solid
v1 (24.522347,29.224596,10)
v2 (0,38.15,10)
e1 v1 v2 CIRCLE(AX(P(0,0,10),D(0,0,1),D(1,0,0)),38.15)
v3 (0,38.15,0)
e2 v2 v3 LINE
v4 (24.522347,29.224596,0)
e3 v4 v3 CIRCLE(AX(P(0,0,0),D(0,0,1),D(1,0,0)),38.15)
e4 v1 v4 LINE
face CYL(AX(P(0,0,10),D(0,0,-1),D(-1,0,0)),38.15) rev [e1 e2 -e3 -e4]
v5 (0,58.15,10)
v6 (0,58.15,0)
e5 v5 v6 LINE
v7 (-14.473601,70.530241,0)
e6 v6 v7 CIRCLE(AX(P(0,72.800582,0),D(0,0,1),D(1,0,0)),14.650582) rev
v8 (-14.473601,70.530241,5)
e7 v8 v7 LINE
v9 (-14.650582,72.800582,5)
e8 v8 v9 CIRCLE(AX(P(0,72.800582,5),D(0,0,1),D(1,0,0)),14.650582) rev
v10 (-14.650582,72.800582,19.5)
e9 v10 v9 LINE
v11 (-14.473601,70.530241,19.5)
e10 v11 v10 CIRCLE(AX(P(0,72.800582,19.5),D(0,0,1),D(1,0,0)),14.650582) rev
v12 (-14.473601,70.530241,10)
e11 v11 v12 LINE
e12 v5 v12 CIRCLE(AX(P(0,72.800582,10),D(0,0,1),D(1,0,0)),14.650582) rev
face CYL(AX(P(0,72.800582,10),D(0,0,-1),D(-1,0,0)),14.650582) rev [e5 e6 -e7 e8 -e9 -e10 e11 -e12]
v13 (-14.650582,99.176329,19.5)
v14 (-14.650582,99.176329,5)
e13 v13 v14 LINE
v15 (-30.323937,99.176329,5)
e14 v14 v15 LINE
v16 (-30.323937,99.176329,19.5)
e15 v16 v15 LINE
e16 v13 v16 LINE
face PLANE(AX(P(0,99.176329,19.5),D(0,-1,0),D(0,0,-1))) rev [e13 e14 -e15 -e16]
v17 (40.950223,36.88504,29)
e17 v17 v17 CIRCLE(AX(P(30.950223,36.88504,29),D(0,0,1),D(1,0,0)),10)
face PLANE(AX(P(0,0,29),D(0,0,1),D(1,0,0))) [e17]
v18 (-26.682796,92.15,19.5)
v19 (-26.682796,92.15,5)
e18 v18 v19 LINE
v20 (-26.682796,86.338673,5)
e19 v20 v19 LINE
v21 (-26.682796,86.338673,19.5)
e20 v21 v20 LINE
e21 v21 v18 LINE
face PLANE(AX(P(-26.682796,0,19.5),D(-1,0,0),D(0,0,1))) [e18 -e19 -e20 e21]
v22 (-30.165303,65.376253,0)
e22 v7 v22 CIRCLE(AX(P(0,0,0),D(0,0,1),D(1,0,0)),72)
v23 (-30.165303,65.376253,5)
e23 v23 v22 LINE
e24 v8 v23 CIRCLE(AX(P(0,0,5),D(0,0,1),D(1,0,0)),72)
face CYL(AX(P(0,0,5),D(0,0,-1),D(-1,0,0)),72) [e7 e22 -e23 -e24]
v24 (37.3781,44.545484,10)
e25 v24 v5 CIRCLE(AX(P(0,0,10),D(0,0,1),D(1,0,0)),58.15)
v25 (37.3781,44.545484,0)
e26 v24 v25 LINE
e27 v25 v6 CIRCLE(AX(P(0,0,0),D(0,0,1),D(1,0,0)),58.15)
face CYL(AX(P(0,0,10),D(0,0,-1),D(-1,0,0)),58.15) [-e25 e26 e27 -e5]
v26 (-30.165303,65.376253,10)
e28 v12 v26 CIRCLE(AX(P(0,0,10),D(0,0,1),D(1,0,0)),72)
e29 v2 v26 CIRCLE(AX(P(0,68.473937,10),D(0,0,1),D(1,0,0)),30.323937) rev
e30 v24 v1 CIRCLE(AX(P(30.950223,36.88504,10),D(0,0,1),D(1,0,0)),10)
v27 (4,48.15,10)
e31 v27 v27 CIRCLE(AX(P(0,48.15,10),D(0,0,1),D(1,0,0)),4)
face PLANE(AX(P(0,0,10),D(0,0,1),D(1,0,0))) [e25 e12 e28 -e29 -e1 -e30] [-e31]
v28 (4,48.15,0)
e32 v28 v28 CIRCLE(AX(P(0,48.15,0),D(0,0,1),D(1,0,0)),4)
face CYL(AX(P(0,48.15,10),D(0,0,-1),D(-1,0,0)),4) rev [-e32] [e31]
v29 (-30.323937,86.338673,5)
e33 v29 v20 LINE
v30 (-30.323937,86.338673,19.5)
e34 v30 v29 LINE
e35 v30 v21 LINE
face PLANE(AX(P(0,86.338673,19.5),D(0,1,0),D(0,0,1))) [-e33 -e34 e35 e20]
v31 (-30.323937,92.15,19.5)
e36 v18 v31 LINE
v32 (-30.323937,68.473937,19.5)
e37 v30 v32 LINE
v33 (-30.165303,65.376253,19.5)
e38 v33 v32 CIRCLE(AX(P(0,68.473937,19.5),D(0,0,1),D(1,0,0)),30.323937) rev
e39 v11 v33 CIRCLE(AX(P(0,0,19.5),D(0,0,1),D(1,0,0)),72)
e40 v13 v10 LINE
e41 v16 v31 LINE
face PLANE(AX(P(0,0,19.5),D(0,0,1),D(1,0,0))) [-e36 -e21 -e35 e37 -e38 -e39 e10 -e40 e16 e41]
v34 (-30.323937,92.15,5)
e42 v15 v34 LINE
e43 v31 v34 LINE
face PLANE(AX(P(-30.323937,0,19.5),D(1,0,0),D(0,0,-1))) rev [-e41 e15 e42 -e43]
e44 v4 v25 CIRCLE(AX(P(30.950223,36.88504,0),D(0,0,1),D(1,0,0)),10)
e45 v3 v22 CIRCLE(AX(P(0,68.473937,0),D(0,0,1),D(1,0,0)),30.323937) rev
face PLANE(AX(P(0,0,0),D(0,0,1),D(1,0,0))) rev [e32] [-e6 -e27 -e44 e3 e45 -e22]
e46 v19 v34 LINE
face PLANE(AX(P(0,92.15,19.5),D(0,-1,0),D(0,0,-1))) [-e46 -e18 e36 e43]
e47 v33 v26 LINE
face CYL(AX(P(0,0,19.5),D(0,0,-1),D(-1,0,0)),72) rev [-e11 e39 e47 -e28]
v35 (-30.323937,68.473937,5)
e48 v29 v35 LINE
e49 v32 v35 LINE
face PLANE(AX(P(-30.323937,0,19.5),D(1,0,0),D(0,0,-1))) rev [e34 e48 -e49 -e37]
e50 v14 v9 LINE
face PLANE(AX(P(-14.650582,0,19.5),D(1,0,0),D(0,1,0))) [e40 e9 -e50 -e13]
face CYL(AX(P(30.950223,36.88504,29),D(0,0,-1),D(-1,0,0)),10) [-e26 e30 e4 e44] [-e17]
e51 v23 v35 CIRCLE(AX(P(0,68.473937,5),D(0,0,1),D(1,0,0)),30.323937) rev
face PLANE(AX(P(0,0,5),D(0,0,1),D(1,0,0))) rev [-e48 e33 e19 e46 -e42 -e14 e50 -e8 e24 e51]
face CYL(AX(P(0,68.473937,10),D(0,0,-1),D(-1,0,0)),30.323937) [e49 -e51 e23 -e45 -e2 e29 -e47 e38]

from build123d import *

# Parameters (mm, degrees)
SKETCH_8_R          = 4
EXTRUDE_2549_DEPTH  = 10
SKETCH_9_R          = 10
EXTRUDE_3976_DEPTH  = 29
EXTRUDE_1_DEPTH     = 19.5
CUT_EXTRUDE_1_DEPTH = 5


with BuildPart() as part:
    # Эскиз основа<8> → Extrude 2549 (new body)
    with BuildSketch(Plane.XY):
        with BuildLine():
            ThreePointArc((-30.165303473, 65.376253077), (-20.317568692, 45.96310484), (0, 38.15))
            ThreePointArc((0, 38.15), (13.048068468, 35.849273483), (24.52234731, 29.224595505))
            ThreePointArc((24.52234731, 29.224595505), (23.289778975, 43.312916033), (37.378099503, 44.545484367))
            ThreePointArc((37.378099503, 44.545484367), (19.888471334, 54.643125899), (0, 58.15))
            ThreePointArc((0, 58.15), (-9.523070426, 61.66726776), (-14.473600663, 70.530240917))
            ThreePointArc((-14.473600663, 70.530240917), (-22.467728819, 68.404686694), (-30.165303473, 65.376253077))
        make_face()
        with Locations((0, 48.15)):
            Circle(SKETCH_8_R, mode=Mode.SUBTRACT)
    extrude(amount=EXTRUDE_2549_DEPTH)

    # Sketch 9 → Extrude 3976 (add)
    with BuildSketch(Plane.XY):
        with Locations((30.950223406, 36.885039936)):
            Circle(SKETCH_9_R)
    extrude(amount=EXTRUDE_3976_DEPTH)

    # Эскиз основа<11> → Бобышка-Вытянуть1 (add)
    with BuildSketch(Plane.XY):
        with BuildLine():
            ThreePointArc((-30.323937444, 68.473937444), (-30.284252984, 66.923065659), (-30.165303473, 65.376253077))
            ThreePointArc((-30.165303473, 65.376253077), (-22.467728819, 68.404686694), (-14.473600663, 70.530240917))
            ThreePointArc((-14.473600663, 70.530240917), (-14.606270011, 71.661967819), (-14.650582479, 72.800582479))
            Line((-14.650582479, 72.800582479), (-14.650582479, 99.176328781))
            Line((-14.650582479, 99.176328781), (-30.323937444, 99.176328781))
            Line((-30.323937444, 99.176328781), (-30.323937444, 92.15))
            Line((-30.323937444, 92.15), (-26.682795781, 92.15))
            Line((-26.682795781, 92.15), (-26.682795781, 86.338672823))
            Line((-26.682795781, 86.338672823), (-30.323937444, 86.338672823))
            Line((-30.323937444, 86.338672823), (-30.323937444, 68.473937444))
        make_face()
    extrude(amount=EXTRUDE_1_DEPTH)

    # Эскиз основа<12> → Вырез-Вытянуть1 (cut)
    with BuildSketch(Plane.XY):
        with BuildLine():
            ThreePointArc((-30.323937444, 68.473937444), (-30.284252984, 66.923065659), (-30.165303473, 65.376253077))
            ThreePointArc((-30.165303473, 65.376253077), (-22.467728819, 68.404686694), (-14.473600663, 70.530240917))
            ThreePointArc((-14.473600663, 70.530240917), (-14.606270011, 71.661967819), (-14.650582479, 72.800582479))
            Line((-14.650582479, 72.800582479), (-14.650582479, 99.176328781))
            Line((-14.650582479, 99.176328781), (-30.323937444, 99.176328781))
            Line((-30.323937444, 99.176328781), (-30.323937444, 92.15))
            Line((-30.323937444, 92.15), (-26.682795781, 92.15))
            Line((-26.682795781, 92.15), (-26.682795781, 86.338672823))
            Line((-26.682795781, 86.338672823), (-30.323937444, 86.338672823))
            Line((-30.323937444, 86.338672823), (-30.323937444, 68.473937444))
        make_face()
    extrude(amount=CUT_EXTRUDE_1_DEPTH, mode=Mode.SUBTRACT)


solid = part.part
